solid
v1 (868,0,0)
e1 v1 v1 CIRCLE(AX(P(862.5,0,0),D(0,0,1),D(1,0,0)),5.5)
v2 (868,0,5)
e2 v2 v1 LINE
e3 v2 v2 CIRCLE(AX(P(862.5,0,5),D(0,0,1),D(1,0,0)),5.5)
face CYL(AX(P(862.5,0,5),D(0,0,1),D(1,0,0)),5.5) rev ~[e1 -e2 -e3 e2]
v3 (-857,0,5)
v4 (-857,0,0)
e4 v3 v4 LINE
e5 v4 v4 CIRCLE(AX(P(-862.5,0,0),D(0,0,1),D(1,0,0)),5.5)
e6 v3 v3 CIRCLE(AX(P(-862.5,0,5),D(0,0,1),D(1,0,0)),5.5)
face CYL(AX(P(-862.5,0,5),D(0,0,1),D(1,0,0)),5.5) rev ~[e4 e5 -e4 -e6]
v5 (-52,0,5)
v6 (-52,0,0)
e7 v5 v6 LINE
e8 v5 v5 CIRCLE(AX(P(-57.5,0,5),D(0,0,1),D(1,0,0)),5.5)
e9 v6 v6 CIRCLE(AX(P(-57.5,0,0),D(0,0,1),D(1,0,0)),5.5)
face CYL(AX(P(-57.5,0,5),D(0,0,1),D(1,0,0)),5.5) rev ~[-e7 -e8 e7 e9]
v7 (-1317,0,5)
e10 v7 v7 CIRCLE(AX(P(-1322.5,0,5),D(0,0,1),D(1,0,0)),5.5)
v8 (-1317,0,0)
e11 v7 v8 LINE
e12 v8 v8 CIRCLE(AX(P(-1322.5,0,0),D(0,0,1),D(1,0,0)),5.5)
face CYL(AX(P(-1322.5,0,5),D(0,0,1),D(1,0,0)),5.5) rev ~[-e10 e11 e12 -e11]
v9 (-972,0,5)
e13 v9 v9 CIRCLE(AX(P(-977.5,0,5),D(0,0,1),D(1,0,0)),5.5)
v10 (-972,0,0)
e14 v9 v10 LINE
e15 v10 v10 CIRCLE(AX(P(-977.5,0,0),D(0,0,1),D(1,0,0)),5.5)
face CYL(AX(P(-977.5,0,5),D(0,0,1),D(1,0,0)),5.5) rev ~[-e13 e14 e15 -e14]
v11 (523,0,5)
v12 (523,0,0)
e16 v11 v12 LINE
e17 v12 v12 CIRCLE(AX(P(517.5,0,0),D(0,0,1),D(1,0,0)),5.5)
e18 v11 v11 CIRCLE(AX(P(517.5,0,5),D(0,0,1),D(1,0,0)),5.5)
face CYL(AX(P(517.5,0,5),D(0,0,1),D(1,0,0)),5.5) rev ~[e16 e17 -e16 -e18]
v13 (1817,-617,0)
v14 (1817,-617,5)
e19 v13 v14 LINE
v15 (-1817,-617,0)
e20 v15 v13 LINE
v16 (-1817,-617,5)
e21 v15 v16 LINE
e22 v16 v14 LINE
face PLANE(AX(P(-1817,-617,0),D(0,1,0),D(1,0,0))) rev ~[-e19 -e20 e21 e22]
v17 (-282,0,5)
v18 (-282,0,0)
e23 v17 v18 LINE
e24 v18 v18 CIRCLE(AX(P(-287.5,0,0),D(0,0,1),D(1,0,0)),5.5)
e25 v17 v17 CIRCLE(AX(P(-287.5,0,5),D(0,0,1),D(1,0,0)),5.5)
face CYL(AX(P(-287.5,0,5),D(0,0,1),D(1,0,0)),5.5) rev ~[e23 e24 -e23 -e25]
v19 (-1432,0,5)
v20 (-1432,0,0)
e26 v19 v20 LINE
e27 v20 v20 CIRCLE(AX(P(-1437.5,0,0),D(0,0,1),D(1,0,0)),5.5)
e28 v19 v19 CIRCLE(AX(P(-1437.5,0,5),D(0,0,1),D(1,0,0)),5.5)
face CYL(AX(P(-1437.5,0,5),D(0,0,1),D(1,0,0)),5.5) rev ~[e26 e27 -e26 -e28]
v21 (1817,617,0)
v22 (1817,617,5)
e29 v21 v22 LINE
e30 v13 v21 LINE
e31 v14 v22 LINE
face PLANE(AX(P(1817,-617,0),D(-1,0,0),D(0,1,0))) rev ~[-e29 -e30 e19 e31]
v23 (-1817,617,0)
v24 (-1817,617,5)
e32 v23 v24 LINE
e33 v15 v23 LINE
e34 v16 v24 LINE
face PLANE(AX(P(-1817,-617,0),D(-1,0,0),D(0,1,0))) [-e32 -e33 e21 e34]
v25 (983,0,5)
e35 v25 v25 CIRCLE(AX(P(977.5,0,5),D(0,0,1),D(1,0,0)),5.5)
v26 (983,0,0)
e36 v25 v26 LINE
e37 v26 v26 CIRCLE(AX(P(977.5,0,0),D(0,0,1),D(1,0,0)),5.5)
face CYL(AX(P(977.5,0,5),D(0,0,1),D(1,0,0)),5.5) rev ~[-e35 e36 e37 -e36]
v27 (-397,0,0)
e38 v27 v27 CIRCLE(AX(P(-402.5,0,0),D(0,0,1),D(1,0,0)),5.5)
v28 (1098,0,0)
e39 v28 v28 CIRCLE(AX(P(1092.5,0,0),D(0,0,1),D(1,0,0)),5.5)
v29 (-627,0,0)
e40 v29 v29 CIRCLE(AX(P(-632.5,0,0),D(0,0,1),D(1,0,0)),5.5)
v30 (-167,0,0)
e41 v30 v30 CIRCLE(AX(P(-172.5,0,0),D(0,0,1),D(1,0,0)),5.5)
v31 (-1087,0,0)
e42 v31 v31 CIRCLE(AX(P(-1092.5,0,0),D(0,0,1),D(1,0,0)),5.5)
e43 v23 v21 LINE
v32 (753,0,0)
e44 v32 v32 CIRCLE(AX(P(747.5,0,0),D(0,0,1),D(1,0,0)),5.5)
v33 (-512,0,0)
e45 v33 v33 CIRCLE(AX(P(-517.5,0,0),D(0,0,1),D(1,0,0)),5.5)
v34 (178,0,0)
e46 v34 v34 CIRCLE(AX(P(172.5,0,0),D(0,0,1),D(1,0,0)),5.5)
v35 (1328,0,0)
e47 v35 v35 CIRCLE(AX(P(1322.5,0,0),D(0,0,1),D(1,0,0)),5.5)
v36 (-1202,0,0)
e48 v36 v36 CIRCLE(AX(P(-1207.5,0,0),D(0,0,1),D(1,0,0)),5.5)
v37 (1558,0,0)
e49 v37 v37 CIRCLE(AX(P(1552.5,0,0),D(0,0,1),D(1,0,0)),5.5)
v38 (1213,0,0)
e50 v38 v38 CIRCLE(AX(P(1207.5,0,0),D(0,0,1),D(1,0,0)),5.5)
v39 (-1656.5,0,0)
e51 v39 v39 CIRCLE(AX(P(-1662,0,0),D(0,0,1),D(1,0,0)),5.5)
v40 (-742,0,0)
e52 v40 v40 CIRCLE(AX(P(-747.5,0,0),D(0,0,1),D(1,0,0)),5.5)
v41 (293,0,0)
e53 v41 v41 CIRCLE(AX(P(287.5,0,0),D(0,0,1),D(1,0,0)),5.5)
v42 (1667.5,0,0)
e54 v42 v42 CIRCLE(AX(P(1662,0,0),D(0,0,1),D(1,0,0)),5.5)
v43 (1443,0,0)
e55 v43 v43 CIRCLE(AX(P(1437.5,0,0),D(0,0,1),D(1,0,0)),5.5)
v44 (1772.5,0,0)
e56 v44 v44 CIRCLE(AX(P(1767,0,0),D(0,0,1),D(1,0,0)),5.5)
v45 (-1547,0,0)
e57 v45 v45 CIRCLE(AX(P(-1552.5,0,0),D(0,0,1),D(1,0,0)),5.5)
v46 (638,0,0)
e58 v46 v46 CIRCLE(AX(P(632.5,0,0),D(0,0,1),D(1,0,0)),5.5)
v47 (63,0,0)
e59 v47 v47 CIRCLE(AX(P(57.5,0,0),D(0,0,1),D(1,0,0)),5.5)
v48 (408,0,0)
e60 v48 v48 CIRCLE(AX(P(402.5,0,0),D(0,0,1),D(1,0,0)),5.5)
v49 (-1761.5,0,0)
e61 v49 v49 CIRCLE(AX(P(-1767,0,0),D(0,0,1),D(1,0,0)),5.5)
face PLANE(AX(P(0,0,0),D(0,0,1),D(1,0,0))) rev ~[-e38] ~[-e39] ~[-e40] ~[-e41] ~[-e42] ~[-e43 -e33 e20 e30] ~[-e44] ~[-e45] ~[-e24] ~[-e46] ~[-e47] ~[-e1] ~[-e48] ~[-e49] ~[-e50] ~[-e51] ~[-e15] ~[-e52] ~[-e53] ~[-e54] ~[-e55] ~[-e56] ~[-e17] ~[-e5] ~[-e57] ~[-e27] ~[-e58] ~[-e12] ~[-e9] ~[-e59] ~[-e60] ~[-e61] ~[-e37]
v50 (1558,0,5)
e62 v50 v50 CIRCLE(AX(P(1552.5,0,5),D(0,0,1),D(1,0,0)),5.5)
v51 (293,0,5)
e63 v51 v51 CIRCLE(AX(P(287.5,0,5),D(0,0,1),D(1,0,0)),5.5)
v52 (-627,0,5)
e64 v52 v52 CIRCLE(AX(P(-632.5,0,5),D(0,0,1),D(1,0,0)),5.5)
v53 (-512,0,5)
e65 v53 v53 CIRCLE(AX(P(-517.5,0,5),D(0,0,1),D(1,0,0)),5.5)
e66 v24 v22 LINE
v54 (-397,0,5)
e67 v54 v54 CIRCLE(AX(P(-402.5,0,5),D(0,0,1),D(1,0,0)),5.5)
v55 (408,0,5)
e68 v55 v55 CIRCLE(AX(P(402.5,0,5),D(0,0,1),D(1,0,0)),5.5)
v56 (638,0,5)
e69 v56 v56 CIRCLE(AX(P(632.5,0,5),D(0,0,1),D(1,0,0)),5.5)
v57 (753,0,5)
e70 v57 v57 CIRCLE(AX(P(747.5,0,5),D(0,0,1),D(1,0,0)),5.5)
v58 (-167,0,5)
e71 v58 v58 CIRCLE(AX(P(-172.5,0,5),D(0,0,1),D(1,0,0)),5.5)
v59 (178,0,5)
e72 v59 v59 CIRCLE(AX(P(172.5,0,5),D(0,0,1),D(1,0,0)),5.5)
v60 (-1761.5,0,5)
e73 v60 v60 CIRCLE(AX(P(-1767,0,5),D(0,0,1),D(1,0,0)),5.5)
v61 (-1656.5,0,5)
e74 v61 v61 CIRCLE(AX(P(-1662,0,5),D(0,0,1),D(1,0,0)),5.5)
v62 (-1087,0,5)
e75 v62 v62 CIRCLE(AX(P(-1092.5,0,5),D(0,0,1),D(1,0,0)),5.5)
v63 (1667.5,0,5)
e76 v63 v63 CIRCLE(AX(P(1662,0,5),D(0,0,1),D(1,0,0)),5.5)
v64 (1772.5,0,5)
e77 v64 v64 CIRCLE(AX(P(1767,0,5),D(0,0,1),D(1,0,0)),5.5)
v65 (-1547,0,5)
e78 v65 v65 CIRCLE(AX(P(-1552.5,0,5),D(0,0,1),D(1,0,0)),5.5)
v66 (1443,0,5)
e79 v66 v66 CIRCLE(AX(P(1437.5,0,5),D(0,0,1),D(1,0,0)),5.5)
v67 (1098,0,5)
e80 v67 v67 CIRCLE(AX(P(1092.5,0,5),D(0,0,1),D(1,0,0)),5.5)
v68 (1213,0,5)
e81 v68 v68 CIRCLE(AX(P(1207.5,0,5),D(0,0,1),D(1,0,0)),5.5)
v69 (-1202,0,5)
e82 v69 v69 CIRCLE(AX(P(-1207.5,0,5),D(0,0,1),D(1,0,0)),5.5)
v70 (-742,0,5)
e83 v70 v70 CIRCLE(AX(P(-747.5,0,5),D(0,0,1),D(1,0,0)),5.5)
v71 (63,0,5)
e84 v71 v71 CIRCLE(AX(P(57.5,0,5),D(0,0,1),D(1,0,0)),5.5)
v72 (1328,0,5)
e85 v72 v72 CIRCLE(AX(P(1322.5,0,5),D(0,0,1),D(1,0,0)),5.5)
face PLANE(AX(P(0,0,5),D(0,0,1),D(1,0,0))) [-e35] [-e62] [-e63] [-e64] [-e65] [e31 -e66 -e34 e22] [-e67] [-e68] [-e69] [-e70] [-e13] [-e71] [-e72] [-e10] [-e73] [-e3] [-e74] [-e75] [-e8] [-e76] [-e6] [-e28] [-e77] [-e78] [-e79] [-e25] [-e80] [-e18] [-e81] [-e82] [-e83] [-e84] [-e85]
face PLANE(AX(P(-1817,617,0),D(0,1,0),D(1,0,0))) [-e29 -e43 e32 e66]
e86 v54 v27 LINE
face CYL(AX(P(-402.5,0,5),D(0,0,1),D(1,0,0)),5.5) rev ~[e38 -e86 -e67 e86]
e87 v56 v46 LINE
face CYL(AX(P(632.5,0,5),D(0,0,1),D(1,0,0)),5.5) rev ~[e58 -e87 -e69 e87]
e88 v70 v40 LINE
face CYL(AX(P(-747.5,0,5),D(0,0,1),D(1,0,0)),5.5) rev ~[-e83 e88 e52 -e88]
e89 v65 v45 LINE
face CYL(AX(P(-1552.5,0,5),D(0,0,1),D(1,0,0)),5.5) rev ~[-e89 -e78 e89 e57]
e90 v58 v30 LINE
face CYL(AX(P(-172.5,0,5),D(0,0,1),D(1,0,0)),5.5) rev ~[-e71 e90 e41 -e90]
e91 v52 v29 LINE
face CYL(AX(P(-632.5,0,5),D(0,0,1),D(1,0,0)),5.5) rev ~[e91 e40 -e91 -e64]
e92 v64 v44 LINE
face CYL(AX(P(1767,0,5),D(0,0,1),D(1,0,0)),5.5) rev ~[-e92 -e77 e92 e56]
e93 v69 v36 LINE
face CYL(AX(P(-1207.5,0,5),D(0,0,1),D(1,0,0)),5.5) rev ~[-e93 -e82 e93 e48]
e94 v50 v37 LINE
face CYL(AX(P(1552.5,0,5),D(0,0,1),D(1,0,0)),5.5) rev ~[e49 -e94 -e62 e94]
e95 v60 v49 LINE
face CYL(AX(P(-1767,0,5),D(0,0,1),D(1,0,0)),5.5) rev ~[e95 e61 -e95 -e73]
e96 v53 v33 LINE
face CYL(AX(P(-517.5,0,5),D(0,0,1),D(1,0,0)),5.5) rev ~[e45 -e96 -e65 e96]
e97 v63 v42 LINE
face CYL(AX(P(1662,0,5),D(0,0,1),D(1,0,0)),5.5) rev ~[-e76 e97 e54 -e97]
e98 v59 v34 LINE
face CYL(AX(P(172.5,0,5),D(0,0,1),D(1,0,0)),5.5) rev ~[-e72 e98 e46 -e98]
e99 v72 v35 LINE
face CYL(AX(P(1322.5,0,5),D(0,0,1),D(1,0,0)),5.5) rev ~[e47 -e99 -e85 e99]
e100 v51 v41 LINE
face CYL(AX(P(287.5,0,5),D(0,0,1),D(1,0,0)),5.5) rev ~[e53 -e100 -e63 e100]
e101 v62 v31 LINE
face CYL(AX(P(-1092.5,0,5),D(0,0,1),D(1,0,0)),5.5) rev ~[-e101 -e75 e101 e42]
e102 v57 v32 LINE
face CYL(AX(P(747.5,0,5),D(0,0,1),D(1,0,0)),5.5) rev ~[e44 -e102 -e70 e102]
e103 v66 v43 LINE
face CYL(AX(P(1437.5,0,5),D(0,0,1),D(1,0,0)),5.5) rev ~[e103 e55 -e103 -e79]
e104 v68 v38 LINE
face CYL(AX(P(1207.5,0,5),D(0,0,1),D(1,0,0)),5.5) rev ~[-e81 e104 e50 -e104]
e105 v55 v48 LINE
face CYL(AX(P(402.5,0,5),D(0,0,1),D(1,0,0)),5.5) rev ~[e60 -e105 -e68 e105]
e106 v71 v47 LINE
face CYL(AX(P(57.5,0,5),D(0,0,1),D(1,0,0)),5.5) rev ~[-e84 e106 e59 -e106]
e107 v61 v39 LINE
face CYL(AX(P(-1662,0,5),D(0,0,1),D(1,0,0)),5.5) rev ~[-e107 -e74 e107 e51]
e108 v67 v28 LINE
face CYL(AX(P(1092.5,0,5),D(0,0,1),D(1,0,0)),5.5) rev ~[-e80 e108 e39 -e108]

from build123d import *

# Parameters (mm, degrees)
F0_W     = 3634
F0_H     = 1234
F1_DEPTH = 5
F2_R     = 5.5
F3_DEPTH = 5
F4_DEPTH = 5


with BuildPart() as f1:
    # F0 (on Top) → F1 (new body)
    with BuildSketch(Plane.XY):
        Rectangle(F0_W, F0_H)
    extrude(amount=F1_DEPTH)

    # F2 (on face) → F3 (cut, through all)
    with BuildSketch(Plane.XY.offset(5)):
        with Locations((57.5, 0)):
            Circle(F2_R)
    extrude(amount=-F3_DEPTH, mode=Mode.SUBTRACT)

    # F2 (on face) → F4 (cut, through all)
    with BuildSketch(Plane.XY.offset(5)):
        with Locations((57.5, 0)):
            Circle(F2_R)
        with Locations((172.5, 0)):
            Circle(F2_R)
        with Locations((287.5, 0)):
            Circle(F2_R)
        with Locations((402.5, 0)):
            Circle(F2_R)
        with Locations((517.5, 0)):
            Circle(F2_R)
        with Locations((632.5, 0)):
            Circle(F2_R)
        with Locations((747.5, 0)):
            Circle(F2_R)
        with Locations((862.5, 0)):
            Circle(F2_R)
        with Locations((977.5, 0)):
            Circle(F2_R)
        with Locations((1092.5, 0)):
            Circle(F2_R)
        with Locations((1207.5, 0)):
            Circle(F2_R)
        with Locations((1322.5, 0)):
            Circle(F2_R)
        with Locations((1437.5, 0)):
            Circle(F2_R)
        with Locations((1552.5, 0)):
            Circle(F2_R)
        with Locations((-57.5, 0)):
            Circle(F2_R)
        with Locations((-172.5, 0)):
            Circle(F2_R)
        with Locations((-287.5, 0)):
            Circle(F2_R)
        with Locations((-402.5, 0)):
            Circle(F2_R)
        with Locations((-517.5, 0)):
            Circle(F2_R)
        with Locations((-632.5, 0)):
            Circle(F2_R)
        with Locations((-747.5, 0)):
            Circle(F2_R)
        with Locations((-862.5, 0)):
            Circle(F2_R)
        with Locations((-977.5, 0)):
            Circle(F2_R)
        with Locations((-1092.5, 0)):
            Circle(F2_R)
        with Locations((-1207.5, 0)):
            Circle(F2_R)
        with Locations((-1322.5, 0)):
            Circle(F2_R)
        with Locations((-1437.5, 0)):
            Circle(F2_R)
        with Locations((-1552.5, 0)):
            Circle(F2_R)
        with Locations((1767, 0)):
            Circle(F2_R)
        with Locations((1662, 0)):
            Circle(F2_R)
        with Locations((-1767, 0)):
            Circle(F2_R)
        with Locations((-1662, 0)):
            Circle(F2_R)
    extrude(amount=-F4_DEPTH, mode=Mode.SUBTRACT)


solid = f1.part
